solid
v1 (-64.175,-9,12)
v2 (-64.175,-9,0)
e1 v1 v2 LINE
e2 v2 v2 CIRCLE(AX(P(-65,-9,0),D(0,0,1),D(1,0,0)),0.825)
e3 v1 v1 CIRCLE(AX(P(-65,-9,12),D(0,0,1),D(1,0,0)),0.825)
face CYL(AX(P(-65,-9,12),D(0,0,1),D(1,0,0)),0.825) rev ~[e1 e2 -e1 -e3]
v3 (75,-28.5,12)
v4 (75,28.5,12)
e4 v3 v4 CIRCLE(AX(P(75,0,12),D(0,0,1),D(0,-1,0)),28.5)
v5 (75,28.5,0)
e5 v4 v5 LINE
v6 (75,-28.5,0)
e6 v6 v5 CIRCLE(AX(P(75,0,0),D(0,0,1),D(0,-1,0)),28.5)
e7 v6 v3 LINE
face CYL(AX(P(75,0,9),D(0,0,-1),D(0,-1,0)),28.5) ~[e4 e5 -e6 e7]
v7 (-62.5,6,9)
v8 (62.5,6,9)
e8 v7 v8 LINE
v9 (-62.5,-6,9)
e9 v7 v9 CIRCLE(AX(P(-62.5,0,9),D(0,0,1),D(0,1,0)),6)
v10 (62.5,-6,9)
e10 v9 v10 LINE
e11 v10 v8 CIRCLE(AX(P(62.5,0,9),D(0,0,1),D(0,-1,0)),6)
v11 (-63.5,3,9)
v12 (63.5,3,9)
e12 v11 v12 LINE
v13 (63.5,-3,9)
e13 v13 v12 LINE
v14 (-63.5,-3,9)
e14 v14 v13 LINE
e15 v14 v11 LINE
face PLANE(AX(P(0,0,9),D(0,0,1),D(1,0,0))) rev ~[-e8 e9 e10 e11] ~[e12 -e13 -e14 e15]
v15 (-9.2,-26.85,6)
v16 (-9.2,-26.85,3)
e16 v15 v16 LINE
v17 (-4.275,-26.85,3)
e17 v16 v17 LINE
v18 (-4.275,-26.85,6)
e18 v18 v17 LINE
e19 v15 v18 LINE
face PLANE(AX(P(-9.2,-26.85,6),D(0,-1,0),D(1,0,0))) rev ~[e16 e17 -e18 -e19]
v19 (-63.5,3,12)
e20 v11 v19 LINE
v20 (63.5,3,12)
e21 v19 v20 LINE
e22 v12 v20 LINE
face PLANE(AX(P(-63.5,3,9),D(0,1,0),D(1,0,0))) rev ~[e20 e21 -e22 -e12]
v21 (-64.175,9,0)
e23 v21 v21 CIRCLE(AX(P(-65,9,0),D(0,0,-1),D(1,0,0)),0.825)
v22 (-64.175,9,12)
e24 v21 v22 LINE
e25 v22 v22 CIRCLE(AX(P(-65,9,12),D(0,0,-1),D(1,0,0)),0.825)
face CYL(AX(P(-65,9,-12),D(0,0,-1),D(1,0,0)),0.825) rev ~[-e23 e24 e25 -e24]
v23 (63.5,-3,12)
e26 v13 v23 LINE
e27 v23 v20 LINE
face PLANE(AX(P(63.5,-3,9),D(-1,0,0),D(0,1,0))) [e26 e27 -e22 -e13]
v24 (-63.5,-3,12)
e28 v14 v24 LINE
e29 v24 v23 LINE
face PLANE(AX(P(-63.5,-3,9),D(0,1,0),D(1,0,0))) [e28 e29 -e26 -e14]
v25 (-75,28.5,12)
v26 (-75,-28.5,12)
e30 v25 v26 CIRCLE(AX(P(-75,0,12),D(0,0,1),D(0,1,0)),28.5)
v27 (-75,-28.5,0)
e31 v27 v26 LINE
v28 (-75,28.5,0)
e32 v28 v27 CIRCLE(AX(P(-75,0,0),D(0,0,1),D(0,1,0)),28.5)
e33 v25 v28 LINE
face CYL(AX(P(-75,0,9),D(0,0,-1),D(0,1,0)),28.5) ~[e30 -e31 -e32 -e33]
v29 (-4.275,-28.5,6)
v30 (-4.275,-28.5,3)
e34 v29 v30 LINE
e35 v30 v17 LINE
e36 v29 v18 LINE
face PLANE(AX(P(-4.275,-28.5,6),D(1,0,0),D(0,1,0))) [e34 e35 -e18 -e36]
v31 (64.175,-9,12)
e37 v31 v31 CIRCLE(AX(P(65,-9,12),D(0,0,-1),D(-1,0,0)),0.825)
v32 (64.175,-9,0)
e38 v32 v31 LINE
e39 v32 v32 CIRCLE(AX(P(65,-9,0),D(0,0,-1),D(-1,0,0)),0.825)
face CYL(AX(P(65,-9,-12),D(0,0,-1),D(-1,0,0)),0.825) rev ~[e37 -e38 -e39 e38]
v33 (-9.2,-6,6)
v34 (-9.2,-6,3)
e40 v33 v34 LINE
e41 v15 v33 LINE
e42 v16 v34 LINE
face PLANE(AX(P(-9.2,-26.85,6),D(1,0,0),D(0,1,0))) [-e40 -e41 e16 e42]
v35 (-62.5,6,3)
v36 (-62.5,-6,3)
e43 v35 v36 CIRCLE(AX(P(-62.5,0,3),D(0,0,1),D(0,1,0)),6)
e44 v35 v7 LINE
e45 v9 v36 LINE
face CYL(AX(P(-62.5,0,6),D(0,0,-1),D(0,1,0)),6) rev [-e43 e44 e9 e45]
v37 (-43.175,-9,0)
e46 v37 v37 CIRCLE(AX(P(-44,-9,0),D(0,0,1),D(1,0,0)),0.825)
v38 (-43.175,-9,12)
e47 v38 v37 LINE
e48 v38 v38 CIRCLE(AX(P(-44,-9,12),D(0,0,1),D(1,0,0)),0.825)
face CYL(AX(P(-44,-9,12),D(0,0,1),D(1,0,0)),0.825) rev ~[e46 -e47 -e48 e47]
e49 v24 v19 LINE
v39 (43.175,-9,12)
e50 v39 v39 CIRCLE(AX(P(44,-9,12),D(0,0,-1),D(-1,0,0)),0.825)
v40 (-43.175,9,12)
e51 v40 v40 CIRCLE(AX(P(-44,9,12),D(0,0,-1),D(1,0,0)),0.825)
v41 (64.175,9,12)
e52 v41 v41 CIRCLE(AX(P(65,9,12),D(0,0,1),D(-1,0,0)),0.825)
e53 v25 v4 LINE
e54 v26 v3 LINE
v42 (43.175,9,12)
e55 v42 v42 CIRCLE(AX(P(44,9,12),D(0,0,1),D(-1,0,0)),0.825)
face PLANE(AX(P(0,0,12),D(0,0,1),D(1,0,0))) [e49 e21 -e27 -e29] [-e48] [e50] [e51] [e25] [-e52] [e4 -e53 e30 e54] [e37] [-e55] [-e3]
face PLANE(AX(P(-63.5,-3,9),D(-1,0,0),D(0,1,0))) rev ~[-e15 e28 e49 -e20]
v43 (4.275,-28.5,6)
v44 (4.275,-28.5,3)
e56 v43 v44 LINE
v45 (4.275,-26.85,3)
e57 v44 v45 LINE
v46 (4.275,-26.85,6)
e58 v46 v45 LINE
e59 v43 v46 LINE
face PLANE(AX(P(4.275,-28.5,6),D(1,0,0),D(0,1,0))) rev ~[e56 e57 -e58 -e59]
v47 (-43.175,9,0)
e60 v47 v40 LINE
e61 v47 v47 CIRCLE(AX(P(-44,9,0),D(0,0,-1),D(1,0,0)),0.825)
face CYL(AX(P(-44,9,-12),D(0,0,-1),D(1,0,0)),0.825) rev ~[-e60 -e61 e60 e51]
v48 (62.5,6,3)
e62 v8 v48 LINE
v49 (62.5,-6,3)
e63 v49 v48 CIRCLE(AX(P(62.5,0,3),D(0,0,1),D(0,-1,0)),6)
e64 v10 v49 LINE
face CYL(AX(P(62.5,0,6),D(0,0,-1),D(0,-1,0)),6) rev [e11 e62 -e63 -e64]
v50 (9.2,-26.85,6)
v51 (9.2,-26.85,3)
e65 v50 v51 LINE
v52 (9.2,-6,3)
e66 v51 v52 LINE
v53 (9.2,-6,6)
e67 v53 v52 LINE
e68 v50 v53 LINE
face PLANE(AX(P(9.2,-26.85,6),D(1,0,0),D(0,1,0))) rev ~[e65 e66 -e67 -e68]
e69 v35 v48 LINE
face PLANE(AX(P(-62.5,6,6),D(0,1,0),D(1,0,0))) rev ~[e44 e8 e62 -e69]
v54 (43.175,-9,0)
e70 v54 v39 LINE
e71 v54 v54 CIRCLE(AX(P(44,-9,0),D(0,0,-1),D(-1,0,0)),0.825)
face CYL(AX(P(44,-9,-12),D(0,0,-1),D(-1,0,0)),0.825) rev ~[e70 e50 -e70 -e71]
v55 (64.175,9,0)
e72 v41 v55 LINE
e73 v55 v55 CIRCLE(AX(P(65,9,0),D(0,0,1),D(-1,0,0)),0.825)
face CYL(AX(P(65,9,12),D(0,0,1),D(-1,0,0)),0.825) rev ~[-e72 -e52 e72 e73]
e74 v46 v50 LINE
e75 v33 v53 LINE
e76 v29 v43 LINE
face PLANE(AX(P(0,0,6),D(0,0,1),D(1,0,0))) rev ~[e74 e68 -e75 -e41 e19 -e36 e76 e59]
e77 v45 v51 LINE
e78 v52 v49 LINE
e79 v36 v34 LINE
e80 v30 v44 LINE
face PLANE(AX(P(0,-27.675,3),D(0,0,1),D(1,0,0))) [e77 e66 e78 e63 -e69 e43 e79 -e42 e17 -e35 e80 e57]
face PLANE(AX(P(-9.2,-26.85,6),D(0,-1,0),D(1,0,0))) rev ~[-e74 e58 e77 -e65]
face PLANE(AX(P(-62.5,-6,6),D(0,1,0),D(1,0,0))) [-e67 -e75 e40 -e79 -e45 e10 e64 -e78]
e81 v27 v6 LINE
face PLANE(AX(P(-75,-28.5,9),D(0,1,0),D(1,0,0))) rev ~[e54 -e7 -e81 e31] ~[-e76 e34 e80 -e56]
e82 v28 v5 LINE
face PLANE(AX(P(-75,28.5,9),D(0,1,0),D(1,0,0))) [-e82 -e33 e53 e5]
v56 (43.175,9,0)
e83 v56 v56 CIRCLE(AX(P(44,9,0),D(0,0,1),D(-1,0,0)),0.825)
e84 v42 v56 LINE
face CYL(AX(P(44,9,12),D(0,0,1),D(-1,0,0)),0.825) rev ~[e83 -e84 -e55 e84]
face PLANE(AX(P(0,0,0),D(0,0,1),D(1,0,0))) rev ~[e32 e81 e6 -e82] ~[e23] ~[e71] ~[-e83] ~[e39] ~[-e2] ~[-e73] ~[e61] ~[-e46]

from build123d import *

# Parameters (mm, degrees)
PAD_DEPTH             = 6
POCKET_DEPTH          = 3
SKETCH002_W           = 18.4
SKETCH002_H           = 20.85
POCKET001_DEPTH       = 3
SKETCH003_W           = 8.55
SKETCH003_H           = 1.65
POCKET002_DEPTH       = 3
PAD001_DEPTH          = 3
SKETCH005_W           = 127
SKETCH005_H           = 6
PAD002_DEPTH          = 3
SKETCH006_R           = 0.825
POCKET003_DEPTH       = 442.080062
POLARPATTERN_COUNT    = 2
POLARPATTERN001_COUNT = 2
POLARPATTERN002_COUNT = 2


with BuildPart() as part:
    # Sketch → Pad (new body)
    with BuildSketch(Plane.XY):
        with BuildLine():
            ThreePointArc((-75, 28.5), (-103.5, 0), (-75, -28.5))
            Line((-75, -28.5), (75, -28.5))
            ThreePointArc((75, -28.5), (103.5, 0), (75, 28.5))
            Line((-75, 28.5), (75, 28.5))
        make_face()
    extrude(amount=PAD_DEPTH)

    # Sketch001 (on Face6 of Pad) → Pocket (cut)
    with BuildSketch(Plane.XY.offset(6)):
        with BuildLine():
            ThreePointArc((-62.5, 6), (-68.5, 0), (-62.5, -6))
            Line((-62.5, -6), (62.5, -6))
            ThreePointArc((62.5, -6), (68.5, 0), (62.5, 6))
            Line((-62.5, 6), (62.5, 6))
        make_face()
    extrude(amount=-POCKET_DEPTH, mode=Mode.SUBTRACT)

    # Sketch002 (on Face5 of Pocket) → Pocket001 (cut)
    with BuildSketch(Plane.XY.offset(6)):
        with Locations((0, -16.425)):
            Rectangle(SKETCH002_W, SKETCH002_H)
    extrude(amount=-POCKET001_DEPTH, mode=Mode.SUBTRACT)

    # Sketch003 (on Face5 of Pocket001) → Pocket002 (cut)
    with BuildSketch(Plane.XY.offset(6)):
        with Locations((0, -27.675)):
            Rectangle(SKETCH003_W, SKETCH003_H)
    extrude(amount=-POCKET002_DEPTH, mode=Mode.SUBTRACT)

    # Sketch004 (on Face5 of Pocket002) → Pad001 (join)
    with BuildSketch(Plane.XY.offset(6)):
        with BuildLine():
            ThreePointArc((-75, 28.5), (-103.5, 0), (-75, -28.5))
            Line((-75, -28.5), (75, -28.5))
            ThreePointArc((75, -28.5), (103.5, 0), (75, 28.5))
            Line((-75, 28.5), (75, 28.5))
        make_face()
        with BuildLine():
            ThreePointArc((-62.5, 6), (-68.5, 0), (-62.5, -6))
            Line((-62.5, -6), (62.5, -6))
            ThreePointArc((62.5, -6), (68.5, 0), (62.5, 6))
            Line((-62.5, 6), (62.5, 6))
        make_face(mode=Mode.SUBTRACT)
    extrude(amount=PAD001_DEPTH)

    # Sketch005 (on Face12 of Pad001) → Pad002 (join)
    with BuildSketch(Plane.XY.offset(9)):
        with BuildLine():
            ThreePointArc((-75, 28.5), (-103.5, 0), (-75, -28.5))
            Line((-75, -28.5), (75, -28.5))
            ThreePointArc((75, -28.5), (103.5, 0), (75, 28.5))
            Line((-75, 28.5), (75, 28.5))
        make_face()
        Rectangle(SKETCH005_W, SKETCH005_H, mode=Mode.SUBTRACT)
    extrude(amount=PAD002_DEPTH)

    # Sketch006 (on Face20 of Pad002) → Pocket003 (cut, through all)
    with BuildSketch(Plane.XY.offset(12)):
        with Locations((-65, -9)):
            Circle(SKETCH006_R)
        with Locations((-44, -9)):
            Circle(SKETCH006_R)
    pocket003 = extrude(amount=-POCKET003_DEPTH, mode=Mode.SUBTRACT)

    # PolarPattern: Pocket003 ×2 about axis
    polarpattern_axis = Axis((0, 0, 12), (0, 0, 1))
    for i in range(1, POLARPATTERN_COUNT):
        add(pocket003.rotate(polarpattern_axis, i * 360 / POLARPATTERN_COUNT), mode=Mode.SUBTRACT)

    # PolarPattern001: Pocket003 ×2 about axis
    polarpattern001_axis = Axis((0, 0, 0), (0, 1, 0))
    for i in range(1, POLARPATTERN001_COUNT):
        add(pocket003.rotate(polarpattern001_axis, i * 360 / POLARPATTERN001_COUNT), mode=Mode.SUBTRACT)

    # PolarPattern002: Pocket003 ×2 about axis
    polarpattern002_axis = Axis((0, 0, 0), (-1, 0, 0))
    for i in range(1, POLARPATTERN002_COUNT):
        add(pocket003.rotate(polarpattern002_axis, i * 360 / POLARPATTERN002_COUNT), mode=Mode.SUBTRACT)


solid = part.part
